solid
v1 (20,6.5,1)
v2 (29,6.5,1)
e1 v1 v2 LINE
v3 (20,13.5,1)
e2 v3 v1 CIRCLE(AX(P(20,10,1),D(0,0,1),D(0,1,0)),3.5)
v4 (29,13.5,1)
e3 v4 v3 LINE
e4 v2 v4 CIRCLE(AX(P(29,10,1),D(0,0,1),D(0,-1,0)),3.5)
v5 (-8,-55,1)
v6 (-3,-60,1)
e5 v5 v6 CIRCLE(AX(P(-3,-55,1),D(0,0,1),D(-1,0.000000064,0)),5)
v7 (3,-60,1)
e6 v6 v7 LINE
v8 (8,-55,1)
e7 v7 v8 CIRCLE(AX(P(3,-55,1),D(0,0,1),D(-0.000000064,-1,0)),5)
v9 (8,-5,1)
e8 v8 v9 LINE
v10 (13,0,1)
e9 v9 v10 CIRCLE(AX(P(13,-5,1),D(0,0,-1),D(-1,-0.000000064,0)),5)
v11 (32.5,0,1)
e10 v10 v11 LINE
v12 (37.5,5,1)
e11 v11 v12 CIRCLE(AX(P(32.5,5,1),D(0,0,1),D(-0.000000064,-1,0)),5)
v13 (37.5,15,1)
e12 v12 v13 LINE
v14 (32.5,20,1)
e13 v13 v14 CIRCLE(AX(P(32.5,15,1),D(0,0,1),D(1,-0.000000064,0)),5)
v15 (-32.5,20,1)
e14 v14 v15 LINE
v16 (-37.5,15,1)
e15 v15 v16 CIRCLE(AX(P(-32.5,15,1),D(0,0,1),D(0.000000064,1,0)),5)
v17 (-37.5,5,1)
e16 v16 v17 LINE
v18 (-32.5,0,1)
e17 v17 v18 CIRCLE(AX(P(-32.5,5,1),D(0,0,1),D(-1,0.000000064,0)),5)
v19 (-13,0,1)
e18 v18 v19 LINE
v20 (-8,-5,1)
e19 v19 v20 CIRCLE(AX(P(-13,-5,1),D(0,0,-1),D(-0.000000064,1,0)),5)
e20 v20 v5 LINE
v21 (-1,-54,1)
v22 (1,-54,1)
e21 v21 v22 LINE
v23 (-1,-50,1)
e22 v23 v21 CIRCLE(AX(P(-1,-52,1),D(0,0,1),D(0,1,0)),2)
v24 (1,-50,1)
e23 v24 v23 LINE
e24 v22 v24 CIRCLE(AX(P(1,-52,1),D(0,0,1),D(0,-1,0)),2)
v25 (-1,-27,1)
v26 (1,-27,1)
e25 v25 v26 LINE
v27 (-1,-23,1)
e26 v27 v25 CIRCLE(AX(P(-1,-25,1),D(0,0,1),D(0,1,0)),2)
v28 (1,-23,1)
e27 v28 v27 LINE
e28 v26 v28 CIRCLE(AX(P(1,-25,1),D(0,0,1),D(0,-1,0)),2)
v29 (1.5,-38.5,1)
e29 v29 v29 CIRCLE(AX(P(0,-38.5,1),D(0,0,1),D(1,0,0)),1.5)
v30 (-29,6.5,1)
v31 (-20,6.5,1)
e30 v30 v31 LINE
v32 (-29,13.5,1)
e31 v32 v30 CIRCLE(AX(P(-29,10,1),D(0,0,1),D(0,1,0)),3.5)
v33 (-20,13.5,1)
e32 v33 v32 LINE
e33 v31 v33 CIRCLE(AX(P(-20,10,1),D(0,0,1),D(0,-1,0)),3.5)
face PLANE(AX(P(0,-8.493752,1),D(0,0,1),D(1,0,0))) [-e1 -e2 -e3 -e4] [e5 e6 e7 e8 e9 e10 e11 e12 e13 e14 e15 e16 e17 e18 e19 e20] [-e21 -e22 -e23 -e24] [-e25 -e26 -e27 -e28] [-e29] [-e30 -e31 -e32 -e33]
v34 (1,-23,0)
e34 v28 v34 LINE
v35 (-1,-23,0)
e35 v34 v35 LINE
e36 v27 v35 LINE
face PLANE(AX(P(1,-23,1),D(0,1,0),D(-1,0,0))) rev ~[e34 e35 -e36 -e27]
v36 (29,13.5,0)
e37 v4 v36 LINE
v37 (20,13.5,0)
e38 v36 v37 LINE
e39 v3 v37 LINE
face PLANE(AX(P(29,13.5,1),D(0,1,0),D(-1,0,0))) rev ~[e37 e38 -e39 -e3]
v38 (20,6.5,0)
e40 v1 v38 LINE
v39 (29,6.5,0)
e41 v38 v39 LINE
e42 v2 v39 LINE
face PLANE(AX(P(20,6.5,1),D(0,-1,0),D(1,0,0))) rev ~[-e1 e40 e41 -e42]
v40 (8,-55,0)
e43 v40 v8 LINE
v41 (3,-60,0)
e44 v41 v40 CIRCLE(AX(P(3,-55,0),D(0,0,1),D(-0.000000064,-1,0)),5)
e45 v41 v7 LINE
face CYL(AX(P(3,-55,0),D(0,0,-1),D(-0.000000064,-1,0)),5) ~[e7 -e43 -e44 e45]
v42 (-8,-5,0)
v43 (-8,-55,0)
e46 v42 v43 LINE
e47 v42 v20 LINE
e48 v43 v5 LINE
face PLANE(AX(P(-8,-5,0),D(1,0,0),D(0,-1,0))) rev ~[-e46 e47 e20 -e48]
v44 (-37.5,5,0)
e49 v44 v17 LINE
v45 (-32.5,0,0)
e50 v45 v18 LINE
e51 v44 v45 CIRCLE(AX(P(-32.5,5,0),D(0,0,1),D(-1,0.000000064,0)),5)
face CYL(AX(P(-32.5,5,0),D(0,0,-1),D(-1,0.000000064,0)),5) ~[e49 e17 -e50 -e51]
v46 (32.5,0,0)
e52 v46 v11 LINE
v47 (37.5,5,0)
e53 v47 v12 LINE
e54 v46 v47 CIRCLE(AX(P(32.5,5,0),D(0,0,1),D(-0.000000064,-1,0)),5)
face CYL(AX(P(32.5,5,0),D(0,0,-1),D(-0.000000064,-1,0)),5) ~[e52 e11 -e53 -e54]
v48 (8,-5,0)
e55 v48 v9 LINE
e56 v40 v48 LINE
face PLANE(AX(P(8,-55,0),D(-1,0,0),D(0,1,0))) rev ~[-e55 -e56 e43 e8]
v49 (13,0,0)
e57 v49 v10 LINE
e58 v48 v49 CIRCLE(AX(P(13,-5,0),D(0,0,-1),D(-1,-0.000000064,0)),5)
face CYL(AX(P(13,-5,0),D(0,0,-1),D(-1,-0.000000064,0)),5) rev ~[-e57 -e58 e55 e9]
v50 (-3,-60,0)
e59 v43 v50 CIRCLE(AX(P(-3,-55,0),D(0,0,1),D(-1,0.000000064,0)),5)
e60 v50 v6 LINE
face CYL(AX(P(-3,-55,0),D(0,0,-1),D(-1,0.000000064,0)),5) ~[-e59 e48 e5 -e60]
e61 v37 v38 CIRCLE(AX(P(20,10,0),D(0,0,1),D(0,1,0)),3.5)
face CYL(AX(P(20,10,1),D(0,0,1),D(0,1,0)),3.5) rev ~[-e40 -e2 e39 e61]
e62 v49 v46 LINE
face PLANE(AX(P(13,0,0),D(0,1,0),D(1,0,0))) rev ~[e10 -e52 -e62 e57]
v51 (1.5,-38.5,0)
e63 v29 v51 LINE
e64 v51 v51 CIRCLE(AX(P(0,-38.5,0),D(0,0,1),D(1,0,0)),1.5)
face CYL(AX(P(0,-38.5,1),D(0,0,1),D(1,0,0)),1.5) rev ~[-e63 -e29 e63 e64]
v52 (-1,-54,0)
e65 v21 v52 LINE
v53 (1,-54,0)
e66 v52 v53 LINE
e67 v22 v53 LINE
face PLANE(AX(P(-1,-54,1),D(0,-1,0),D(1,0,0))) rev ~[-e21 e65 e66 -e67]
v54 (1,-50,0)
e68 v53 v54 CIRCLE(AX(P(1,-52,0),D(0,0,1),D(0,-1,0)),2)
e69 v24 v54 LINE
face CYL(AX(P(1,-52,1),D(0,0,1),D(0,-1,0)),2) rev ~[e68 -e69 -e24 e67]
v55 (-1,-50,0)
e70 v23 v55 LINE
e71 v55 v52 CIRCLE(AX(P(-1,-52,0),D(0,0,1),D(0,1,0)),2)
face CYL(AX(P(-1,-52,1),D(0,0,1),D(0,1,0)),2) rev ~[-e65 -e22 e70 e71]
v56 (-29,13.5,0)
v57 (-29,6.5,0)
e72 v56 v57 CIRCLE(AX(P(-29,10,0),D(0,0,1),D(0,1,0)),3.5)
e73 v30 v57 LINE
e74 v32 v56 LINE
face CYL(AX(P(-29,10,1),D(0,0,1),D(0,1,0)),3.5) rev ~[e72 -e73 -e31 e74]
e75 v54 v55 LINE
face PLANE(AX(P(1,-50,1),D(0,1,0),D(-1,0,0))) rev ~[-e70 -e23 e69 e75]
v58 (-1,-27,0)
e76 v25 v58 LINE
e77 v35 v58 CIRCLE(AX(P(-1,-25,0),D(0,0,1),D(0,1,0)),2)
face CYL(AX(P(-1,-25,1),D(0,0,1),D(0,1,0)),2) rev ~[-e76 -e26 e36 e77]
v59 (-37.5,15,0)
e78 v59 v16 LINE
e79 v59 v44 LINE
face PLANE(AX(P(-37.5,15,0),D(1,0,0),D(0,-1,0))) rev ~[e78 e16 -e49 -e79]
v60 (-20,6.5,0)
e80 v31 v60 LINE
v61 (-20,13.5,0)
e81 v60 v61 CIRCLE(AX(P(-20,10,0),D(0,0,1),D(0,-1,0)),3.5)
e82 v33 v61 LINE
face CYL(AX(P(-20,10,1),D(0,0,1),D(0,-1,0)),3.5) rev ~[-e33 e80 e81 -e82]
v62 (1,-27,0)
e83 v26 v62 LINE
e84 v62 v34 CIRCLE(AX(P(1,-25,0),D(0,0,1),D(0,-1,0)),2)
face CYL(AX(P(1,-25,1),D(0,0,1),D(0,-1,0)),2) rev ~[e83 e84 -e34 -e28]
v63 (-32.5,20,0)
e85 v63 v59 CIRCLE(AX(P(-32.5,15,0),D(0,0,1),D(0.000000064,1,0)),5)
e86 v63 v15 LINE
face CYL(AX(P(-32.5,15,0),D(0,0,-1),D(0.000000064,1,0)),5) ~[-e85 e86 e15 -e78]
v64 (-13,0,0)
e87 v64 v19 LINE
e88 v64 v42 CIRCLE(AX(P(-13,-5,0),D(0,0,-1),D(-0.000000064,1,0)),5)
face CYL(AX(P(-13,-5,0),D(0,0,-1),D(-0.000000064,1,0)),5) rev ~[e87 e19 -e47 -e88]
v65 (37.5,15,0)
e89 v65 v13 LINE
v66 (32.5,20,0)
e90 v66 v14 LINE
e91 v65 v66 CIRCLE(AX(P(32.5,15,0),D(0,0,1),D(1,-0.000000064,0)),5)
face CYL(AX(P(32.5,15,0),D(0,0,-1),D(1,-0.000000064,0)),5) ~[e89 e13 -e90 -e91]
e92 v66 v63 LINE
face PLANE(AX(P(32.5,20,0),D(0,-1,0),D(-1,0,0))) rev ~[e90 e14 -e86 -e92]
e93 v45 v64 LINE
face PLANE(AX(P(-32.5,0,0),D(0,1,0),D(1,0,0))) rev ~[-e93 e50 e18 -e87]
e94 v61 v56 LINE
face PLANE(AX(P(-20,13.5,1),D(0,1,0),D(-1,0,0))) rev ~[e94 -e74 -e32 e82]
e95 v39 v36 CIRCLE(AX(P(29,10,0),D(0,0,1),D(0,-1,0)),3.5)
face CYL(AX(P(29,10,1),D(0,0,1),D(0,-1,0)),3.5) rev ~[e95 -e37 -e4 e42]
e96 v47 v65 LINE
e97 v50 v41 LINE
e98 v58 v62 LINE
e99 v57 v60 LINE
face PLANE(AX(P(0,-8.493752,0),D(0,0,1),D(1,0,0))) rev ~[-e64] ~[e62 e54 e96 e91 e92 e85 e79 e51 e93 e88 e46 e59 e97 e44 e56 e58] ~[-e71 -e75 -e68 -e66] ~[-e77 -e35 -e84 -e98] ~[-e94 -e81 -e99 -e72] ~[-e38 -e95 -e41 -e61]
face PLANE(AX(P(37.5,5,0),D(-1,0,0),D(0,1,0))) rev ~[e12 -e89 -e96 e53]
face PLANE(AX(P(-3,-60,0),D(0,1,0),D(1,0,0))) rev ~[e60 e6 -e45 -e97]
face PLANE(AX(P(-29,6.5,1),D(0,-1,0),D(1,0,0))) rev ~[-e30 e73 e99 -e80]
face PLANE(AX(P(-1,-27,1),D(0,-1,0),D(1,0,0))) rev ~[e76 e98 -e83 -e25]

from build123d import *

# Parameters (mm, degrees)
F1_DEPTH = 1
F2_R     = 1.5
F3_DEPTH = 1.001


with BuildPart() as f1:
    # F0 (on Top) → F1 (new body)
    with BuildSketch(Plane.XY):
        with BuildLine():
            Line((32.5, 20), (-32.5, 20))
            ThreePointArc((-32.5, 20), (-36.035534, 18.535534), (-37.5, 15))
            Line((-37.5, 15), (-37.5, 5))
            ThreePointArc((-37.5, 5), (-36.035534, 1.464466), (-32.5, 0))
            Line((-32.5, 0), (-13, 0))
            ThreePointArc((-13, 0), (-9.464466, -1.464466), (-8, -5))
            Line((-8, -5), (-8, -55))
            ThreePointArc((-8, -55), (-6.535534, -58.535534), (-3, -60))
            Line((-3, -60), (3, -60))
            ThreePointArc((3, -60), (6.535534, -58.535534), (8, -55))
            Line((8, -55), (8, -5))
            ThreePointArc((8, -5), (9.464466, -1.464466), (13, 0))
            Line((13, 0), (32.5, 0))
            ThreePointArc((32.5, 0), (36.035534, 1.464466), (37.5, 5))
            Line((37.5, 5), (37.5, 15))
            ThreePointArc((37.5, 15), (36.035534, 18.535534), (32.5, 20))
        make_face()
    extrude(amount=F1_DEPTH)

    # F2 (on face) → F3 (cut, through all)
    with BuildSketch(Plane.XY.offset(1)):
        with BuildLine():
            Line((1, -50), (-1, -50))
            ThreePointArc((-1, -50), (-3, -52), (-1, -54))
            Line((-1, -54), (1, -54))
            ThreePointArc((1, -54), (3, -52), (1, -50))
        make_face()
        with BuildLine():
            Line((1, -23), (-1, -23))
            ThreePointArc((-1, -23), (-3, -25), (-1, -27))
            Line((-1, -27), (1, -27))
            ThreePointArc((1, -27), (3, -25), (1, -23))
        make_face()
        with BuildLine():
            Line((29, 13.5), (20, 13.5))
            ThreePointArc((20, 13.5), (16.5, 10), (20, 6.5))
            Line((20, 6.5), (29, 6.5))
            ThreePointArc((29, 6.5), (32.5, 10), (29, 13.5))
        make_face()
        with BuildLine():
            Line((-20, 13.5), (-29, 13.5))
            ThreePointArc((-29, 13.5), (-32.5, 10), (-29, 6.5))
            Line((-29, 6.5), (-20, 6.5))
            ThreePointArc((-20, 6.5), (-16.5, 10), (-20, 13.5))
        make_face()
        with Locations((0, -38.5)):
            Circle(F2_R)
    extrude(amount=-F3_DEPTH, mode=Mode.SUBTRACT)


solid = f1.part
